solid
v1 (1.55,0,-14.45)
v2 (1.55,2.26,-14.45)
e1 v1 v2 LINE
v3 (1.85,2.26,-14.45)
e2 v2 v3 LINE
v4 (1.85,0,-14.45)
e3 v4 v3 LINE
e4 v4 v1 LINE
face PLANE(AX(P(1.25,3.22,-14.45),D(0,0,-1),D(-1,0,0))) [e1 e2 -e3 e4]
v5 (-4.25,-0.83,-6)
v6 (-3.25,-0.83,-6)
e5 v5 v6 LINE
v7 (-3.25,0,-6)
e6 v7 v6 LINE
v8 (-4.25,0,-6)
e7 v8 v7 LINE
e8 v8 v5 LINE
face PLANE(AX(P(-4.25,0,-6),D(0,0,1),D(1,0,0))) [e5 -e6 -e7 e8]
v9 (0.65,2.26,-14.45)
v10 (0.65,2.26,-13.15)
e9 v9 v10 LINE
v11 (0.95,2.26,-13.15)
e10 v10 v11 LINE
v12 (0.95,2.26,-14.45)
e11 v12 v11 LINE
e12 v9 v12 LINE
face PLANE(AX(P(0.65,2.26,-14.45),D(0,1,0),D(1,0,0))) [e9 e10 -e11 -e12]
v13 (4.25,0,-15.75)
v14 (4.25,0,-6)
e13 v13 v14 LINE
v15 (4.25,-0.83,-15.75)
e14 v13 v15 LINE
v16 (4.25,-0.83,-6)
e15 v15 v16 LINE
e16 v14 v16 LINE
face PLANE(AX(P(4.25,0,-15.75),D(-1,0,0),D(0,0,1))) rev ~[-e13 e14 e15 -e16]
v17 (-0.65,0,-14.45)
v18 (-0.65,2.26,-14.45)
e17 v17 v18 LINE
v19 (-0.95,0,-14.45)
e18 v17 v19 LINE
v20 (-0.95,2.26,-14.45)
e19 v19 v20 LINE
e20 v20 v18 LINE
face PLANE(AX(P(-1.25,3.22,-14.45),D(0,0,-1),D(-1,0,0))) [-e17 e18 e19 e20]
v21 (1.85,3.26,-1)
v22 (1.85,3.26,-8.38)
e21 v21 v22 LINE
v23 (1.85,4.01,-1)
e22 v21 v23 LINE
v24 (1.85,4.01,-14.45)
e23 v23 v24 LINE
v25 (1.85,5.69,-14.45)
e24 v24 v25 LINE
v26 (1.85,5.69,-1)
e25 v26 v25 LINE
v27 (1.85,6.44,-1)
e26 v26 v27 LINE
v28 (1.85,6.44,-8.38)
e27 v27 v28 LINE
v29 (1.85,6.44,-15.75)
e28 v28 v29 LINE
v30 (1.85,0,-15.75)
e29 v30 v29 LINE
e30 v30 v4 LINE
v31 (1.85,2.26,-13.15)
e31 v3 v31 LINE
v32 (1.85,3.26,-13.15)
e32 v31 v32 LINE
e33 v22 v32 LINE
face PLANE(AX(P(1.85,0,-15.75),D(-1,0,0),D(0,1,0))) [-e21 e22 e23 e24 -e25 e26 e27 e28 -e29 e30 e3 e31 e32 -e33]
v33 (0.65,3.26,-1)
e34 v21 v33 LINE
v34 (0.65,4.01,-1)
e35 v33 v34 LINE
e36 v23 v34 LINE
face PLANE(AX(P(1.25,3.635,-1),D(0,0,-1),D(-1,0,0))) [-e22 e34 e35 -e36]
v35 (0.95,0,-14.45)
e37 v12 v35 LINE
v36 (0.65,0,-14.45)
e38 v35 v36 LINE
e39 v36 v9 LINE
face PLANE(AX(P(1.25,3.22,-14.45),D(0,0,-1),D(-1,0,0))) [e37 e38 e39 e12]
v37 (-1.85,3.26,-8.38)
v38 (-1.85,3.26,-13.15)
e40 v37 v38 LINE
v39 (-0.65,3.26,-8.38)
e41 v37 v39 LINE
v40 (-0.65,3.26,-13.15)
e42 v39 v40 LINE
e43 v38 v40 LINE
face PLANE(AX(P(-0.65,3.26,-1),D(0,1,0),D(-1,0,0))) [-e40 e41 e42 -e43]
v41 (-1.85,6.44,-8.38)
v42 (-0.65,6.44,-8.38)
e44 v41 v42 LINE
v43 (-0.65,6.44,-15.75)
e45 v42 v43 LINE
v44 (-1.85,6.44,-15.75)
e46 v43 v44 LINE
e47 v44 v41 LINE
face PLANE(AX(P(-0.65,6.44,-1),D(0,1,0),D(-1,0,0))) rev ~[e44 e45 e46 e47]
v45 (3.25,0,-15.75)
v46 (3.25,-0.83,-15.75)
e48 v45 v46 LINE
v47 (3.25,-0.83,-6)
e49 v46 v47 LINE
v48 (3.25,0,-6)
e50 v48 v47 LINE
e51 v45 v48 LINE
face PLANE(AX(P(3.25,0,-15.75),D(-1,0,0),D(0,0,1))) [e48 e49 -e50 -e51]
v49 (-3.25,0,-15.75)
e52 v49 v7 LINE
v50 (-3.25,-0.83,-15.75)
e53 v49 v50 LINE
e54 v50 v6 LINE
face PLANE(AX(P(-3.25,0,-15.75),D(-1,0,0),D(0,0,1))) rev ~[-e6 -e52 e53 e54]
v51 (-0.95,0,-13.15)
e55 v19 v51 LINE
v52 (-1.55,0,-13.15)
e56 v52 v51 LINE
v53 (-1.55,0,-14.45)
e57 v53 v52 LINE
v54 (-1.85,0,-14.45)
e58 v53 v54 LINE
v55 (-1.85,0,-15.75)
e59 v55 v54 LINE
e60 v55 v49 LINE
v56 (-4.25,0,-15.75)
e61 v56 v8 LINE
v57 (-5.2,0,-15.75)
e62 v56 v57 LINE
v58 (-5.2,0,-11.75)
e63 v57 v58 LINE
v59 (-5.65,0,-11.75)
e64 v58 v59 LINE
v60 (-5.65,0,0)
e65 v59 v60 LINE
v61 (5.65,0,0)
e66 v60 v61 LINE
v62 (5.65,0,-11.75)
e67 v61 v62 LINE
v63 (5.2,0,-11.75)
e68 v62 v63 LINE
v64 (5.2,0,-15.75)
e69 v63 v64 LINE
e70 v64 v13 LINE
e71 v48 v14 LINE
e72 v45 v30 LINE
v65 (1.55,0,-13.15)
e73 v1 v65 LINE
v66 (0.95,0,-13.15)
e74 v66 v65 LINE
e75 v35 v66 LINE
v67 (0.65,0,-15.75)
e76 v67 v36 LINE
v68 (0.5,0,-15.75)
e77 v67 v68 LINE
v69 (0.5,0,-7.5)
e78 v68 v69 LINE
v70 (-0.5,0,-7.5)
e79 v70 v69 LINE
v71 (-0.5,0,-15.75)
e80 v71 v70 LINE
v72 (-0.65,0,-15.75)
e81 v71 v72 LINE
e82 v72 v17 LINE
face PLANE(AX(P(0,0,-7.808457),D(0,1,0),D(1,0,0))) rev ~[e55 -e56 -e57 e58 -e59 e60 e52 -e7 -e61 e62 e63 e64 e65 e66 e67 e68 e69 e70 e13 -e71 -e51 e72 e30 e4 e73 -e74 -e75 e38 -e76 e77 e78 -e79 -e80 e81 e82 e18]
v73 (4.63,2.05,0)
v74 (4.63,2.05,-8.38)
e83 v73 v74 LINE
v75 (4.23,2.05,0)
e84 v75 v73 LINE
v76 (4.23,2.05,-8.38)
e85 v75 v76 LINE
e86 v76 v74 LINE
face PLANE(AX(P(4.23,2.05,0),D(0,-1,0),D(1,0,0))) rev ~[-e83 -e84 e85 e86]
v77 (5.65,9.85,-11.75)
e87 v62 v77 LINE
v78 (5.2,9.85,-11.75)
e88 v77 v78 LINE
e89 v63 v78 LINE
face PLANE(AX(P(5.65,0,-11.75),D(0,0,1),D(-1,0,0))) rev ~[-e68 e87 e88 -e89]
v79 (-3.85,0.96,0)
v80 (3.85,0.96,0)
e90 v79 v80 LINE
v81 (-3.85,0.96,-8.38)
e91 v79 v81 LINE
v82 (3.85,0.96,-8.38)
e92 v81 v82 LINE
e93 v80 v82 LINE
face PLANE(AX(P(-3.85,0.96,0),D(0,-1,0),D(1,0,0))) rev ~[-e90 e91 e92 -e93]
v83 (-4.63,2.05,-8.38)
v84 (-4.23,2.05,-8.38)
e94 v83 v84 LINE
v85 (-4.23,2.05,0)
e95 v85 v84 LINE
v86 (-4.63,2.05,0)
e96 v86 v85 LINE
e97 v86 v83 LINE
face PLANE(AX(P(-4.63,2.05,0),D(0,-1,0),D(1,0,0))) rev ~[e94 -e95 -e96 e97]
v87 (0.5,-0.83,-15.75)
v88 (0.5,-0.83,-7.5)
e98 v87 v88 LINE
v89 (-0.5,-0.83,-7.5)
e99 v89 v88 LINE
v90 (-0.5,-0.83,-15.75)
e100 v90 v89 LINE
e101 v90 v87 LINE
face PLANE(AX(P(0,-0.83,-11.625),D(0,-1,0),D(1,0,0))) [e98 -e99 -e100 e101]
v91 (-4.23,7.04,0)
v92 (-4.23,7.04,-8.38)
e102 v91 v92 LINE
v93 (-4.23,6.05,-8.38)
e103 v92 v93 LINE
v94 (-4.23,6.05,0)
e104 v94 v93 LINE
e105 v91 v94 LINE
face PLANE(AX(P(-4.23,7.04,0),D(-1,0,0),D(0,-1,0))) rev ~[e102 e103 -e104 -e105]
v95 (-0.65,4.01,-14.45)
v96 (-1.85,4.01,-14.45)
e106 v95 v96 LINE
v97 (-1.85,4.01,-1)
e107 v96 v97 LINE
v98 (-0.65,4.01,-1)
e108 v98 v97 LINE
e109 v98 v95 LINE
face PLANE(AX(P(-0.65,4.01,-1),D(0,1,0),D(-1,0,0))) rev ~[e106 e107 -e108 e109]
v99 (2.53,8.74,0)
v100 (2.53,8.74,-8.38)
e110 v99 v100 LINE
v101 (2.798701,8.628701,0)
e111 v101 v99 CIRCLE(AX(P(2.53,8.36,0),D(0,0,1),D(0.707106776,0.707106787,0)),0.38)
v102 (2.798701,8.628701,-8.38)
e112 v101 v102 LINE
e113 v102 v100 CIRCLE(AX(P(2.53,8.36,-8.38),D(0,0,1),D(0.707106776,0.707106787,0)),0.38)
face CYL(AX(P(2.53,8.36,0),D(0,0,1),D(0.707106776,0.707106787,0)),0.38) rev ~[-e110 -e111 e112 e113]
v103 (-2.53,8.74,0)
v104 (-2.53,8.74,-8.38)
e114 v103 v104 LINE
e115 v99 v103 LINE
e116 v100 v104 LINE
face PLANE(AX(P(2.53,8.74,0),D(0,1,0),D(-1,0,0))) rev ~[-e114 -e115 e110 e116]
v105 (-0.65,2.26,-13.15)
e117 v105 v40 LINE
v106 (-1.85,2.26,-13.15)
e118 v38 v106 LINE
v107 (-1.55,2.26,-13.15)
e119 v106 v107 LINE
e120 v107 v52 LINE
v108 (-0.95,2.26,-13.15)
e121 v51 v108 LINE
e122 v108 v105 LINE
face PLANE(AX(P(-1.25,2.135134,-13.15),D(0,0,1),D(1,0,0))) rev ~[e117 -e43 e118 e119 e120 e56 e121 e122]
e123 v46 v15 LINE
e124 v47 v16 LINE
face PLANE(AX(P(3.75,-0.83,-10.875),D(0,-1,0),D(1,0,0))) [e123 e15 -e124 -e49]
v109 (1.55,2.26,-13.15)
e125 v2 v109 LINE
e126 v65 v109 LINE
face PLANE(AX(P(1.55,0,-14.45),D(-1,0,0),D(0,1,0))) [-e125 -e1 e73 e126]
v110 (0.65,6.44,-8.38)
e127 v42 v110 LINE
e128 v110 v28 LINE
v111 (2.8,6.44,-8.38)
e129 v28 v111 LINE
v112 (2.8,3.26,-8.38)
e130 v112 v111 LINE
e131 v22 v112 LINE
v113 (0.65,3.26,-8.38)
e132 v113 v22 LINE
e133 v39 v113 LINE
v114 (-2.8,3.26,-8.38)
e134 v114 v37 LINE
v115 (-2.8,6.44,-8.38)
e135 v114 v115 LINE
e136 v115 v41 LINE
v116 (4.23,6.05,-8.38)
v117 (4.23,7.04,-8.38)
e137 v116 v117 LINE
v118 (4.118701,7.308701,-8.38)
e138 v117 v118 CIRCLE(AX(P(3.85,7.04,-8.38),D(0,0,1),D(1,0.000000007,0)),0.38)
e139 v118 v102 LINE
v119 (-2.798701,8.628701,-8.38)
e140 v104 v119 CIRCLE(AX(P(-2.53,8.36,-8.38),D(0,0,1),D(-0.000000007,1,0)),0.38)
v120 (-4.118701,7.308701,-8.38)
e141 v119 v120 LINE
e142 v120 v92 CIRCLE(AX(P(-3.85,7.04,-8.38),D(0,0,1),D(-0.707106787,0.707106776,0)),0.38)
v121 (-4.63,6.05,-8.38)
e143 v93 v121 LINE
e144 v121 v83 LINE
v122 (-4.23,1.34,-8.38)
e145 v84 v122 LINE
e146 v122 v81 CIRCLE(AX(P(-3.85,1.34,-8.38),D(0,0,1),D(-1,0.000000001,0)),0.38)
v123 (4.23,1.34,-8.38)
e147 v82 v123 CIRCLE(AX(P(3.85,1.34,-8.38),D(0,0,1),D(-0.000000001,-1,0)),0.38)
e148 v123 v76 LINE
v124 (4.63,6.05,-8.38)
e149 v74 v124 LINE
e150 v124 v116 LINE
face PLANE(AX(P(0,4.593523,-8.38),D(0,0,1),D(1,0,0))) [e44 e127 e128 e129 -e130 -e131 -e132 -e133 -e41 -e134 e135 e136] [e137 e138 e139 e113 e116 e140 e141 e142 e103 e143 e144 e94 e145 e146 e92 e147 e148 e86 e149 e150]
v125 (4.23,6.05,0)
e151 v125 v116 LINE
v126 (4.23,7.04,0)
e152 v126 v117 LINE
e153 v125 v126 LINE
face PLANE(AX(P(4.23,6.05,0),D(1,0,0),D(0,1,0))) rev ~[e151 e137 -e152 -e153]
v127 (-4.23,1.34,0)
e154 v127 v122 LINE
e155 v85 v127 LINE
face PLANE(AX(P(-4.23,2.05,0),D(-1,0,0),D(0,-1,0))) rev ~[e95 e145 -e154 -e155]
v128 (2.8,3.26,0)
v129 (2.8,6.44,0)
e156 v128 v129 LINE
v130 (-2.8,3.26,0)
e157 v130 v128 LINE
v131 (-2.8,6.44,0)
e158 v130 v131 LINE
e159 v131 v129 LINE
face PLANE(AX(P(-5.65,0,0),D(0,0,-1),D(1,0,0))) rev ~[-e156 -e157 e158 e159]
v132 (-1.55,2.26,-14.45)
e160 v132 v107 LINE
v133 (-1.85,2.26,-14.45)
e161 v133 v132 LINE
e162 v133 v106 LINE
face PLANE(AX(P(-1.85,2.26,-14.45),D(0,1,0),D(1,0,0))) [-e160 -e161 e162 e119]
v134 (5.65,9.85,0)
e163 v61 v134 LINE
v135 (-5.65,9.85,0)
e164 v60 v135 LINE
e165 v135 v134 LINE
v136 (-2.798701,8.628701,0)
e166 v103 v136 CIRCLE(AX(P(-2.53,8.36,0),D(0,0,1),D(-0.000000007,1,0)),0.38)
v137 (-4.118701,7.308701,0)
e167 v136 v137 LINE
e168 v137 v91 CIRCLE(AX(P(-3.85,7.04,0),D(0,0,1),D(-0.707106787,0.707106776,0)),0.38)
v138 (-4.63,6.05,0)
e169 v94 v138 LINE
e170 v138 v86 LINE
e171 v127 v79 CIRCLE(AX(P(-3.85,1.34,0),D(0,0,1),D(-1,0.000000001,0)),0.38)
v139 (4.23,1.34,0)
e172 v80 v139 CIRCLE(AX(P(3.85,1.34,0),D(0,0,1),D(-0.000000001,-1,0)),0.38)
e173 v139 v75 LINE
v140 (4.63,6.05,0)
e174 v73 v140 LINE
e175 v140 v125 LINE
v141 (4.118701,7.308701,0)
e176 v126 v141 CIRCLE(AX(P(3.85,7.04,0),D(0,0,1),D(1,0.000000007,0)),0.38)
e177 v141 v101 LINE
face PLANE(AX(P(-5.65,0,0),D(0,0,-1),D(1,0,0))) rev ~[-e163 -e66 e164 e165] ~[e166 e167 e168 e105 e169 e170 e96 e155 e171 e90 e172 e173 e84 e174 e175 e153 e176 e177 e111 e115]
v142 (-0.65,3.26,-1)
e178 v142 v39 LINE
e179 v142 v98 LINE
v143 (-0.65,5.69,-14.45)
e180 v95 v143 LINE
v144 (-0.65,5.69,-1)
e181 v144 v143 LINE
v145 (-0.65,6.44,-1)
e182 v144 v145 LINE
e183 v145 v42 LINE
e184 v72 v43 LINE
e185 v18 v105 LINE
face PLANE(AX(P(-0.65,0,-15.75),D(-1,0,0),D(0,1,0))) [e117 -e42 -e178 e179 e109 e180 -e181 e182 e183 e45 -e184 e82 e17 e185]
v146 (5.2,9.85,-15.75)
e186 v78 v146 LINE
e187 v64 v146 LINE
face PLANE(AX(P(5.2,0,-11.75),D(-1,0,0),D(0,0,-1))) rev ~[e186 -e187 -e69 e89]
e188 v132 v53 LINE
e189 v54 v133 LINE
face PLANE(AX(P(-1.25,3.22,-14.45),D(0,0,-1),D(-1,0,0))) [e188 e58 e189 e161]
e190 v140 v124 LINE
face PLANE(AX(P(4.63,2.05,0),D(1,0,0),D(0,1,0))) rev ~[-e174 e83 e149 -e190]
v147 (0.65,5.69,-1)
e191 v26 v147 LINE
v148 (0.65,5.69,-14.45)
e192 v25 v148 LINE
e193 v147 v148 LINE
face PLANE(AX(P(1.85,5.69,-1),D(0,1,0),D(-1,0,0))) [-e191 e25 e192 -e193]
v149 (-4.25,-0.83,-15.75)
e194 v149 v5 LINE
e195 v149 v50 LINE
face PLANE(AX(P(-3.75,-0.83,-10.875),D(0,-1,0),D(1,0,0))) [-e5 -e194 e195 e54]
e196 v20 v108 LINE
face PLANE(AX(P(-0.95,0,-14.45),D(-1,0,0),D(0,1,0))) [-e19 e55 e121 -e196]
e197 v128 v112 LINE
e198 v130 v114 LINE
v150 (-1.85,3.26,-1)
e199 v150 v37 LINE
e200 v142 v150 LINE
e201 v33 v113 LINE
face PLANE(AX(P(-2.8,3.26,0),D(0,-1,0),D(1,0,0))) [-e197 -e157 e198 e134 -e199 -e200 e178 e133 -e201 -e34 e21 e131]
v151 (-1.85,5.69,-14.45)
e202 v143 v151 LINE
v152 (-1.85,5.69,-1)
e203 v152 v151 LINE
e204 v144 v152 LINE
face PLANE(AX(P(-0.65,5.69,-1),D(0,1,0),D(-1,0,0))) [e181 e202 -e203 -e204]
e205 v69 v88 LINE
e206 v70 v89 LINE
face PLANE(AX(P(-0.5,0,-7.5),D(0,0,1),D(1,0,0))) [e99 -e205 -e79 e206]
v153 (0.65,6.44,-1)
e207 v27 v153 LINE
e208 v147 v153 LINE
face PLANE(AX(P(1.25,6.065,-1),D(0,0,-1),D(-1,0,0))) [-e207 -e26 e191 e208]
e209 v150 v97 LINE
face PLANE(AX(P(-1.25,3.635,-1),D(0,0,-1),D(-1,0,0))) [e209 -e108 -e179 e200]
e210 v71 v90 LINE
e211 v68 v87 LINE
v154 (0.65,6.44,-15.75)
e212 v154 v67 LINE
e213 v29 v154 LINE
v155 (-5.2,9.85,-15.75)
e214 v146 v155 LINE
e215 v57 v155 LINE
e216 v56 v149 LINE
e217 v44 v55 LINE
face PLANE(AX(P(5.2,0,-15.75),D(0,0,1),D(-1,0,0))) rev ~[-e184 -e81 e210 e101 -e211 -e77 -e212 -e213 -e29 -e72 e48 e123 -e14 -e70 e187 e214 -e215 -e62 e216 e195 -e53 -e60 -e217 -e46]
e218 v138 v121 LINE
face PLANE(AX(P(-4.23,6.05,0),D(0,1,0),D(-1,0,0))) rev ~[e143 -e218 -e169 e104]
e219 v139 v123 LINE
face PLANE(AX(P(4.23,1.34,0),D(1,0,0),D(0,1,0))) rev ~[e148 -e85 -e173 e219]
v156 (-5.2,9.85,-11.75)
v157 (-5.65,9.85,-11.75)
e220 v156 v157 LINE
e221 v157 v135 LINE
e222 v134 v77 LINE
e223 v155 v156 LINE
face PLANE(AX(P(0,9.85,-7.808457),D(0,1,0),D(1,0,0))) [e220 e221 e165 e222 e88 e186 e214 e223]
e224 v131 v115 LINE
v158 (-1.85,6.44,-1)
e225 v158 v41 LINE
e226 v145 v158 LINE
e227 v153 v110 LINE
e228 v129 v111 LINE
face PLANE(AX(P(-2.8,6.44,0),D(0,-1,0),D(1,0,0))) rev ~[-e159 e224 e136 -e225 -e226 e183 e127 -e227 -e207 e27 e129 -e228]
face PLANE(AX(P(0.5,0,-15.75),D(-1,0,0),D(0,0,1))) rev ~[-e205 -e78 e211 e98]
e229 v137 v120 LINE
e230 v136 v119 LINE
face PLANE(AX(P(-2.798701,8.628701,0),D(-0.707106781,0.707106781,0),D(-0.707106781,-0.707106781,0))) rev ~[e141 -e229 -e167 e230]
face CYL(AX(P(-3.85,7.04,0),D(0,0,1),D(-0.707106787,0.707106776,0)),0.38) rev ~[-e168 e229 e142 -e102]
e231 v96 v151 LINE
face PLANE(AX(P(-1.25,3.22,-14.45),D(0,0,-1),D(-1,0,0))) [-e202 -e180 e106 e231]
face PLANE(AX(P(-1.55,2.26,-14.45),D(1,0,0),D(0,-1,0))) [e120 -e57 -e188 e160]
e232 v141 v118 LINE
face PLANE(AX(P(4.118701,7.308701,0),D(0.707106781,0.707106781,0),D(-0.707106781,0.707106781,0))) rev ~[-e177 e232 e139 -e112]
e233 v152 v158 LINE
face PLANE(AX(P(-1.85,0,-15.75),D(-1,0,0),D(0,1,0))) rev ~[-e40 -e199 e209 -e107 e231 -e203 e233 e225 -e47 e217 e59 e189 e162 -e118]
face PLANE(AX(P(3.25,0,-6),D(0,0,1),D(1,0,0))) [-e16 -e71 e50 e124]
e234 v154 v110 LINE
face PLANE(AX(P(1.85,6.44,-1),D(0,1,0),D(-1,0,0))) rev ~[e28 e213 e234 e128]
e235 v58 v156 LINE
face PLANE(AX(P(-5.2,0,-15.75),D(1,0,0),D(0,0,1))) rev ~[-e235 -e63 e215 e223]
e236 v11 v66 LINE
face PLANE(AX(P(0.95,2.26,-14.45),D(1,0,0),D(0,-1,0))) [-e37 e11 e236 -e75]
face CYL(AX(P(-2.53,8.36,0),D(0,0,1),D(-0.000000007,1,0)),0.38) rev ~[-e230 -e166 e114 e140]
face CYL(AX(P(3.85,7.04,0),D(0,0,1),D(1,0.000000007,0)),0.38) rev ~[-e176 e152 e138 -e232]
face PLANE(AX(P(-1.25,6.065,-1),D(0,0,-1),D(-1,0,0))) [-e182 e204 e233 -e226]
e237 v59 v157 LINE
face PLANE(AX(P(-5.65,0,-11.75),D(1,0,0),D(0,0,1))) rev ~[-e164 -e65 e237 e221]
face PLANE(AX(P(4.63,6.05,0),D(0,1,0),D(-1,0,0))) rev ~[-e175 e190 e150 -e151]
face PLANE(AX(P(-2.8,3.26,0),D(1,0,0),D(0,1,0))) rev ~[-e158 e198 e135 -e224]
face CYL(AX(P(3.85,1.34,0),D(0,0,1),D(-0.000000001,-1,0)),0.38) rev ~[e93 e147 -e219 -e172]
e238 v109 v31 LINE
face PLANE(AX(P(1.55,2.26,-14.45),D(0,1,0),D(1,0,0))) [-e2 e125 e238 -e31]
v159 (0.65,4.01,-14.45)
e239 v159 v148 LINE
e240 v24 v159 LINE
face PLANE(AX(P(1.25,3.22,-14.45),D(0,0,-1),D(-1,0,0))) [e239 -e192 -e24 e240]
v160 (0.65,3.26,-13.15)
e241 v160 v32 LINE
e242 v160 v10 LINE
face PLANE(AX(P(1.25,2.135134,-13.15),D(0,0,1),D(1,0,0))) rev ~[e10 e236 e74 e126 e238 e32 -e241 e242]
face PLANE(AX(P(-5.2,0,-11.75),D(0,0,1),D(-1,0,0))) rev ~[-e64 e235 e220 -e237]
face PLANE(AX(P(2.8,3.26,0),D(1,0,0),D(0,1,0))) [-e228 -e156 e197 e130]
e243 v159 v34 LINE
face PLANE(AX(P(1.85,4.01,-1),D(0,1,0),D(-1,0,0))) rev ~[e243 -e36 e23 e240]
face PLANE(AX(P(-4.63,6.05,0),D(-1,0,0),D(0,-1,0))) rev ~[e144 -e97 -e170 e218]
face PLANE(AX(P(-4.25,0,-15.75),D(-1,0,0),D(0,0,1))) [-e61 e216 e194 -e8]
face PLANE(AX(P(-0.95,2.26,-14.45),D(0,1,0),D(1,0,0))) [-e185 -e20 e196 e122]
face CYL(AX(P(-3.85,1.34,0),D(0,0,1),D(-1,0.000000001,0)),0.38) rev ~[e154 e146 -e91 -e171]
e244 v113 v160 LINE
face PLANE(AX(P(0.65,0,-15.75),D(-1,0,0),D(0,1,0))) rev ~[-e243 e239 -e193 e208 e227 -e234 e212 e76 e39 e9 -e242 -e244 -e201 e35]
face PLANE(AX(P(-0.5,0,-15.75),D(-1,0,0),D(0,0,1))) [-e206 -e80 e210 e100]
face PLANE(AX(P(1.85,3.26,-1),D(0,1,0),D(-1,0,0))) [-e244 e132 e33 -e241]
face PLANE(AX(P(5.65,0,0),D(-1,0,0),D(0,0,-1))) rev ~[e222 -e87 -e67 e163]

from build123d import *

# Parameters (mm, degrees)
BOSS_EXTRU_1_DEPTH      = 9.85
ESQUISSE3_W             = 5.6
ESQUISSE3_H             = 3.18
ENL_V_MAT_EXTRU_1_DEPTH = 8.38
ESQUISSE4_W             = 1
ESQUISSE4_H             = 8.25
ESQUISSE4_H_2           = 9.75
BOSS_EXTRU_2_DEPTH      = 0.83
ENL_V_START             = 1
ESQUISSE5_W             = 1.2
ESQUISSE5_H             = 0.75
ENL_V_MAT_EXTRU_2_DEPTH = 14.75
ESQUISSE6_W             = 1.2
ESQUISSE6_H             = 6.44
ENL_V_MAT_EXTRU_3_DEPTH = 1.3
ENL_V_MAT_EXTRU_7_DEPTH = 1.3


with BuildPart() as part:
    # Esquisse1 → Boss.-Extru.1 (new body)
    with BuildSketch(Plane(origin=(0, 0, 0), x_dir=(1, 0, 0), z_dir=(0, 1, 0))):
        Polygon((-5.65, 11.75), (-5.65, 0), (5.65, 0), (5.65, 11.75), (5.2, 11.75), (5.2, 15.75), (-5.2, 15.75), (-5.2, 11.75), align=None)
    extrude(amount=BOSS_EXTRU_1_DEPTH)

    # Esquisse3 → Enlèv. mat.-Extru.1 (cut)
    with BuildSketch(Plane.XY):
        with BuildLine():
            Line((-4.63, 2.05), (-4.23, 2.05))
            Line((-4.23, 2.05), (-4.23, 1.34))
            ThreePointArc((-4.23, 1.34), (-4.118700577, 1.071299423), (-3.85, 0.96))
            Line((-3.85, 0.96), (3.85, 0.96))
            ThreePointArc((3.85, 0.96), (4.118700577, 1.071299423), (4.23, 1.34))
            Line((4.23, 1.34), (4.23, 2.05))
            Line((4.23, 2.05), (4.63, 2.05))
            Line((4.63, 2.05), (4.63, 6.05))
            Line((4.63, 6.05), (4.23, 6.05))
            Line((4.23, 6.05), (4.23, 7.04))
            ThreePointArc((4.23, 7.04), (4.201074222, 7.185419704), (4.118700577, 7.308700577))
            Line((4.118700577, 7.308700577), (2.798700577, 8.628700577))
            ThreePointArc((2.798700577, 8.628700577), (2.675419704, 8.711074222), (2.53, 8.74))
            Line((2.53, 8.74), (-2.53, 8.74))
            ThreePointArc((-2.53, 8.74), (-2.675419704, 8.711074222), (-2.798700577, 8.628700577))
            Line((-2.798700577, 8.628700577), (-4.118700577, 7.308700577))
            ThreePointArc((-4.118700577, 7.308700577), (-4.201074222, 7.185419704), (-4.23, 7.04))
            Line((-4.23, 7.04), (-4.23, 6.05))
            Line((-4.23, 6.05), (-4.63, 6.05))
            Line((-4.63, 6.05), (-4.63, 2.05))
        make_face()
        with Locations((0, 4.85)):
            Rectangle(ESQUISSE3_W, ESQUISSE3_H, mode=Mode.SUBTRACT)
    extrude(amount=-ENL_V_MAT_EXTRU_1_DEPTH, mode=Mode.SUBTRACT)

    # Esquisse4 → Boss.-Extru.2 (add)
    with BuildSketch(Plane.XZ):
        with Locations((0, -11.625)):
            Rectangle(ESQUISSE4_W, ESQUISSE4_H)
        with Locations((-3.75, -10.875)):
            Rectangle(ESQUISSE4_W, ESQUISSE4_H_2)
        with Locations((3.75, -10.875)):
            Rectangle(ESQUISSE4_W, ESQUISSE4_H_2)
    extrude(amount=BOSS_EXTRU_2_DEPTH)

    # Esquisse5 → Enlèv. mat.-Extru.2 (cut)
    with BuildSketch(Plane(origin=(0, 0, 0), x_dir=(-1, 0, 0), z_dir=(0, 0, -1)).offset(ENL_V_START)):
        with Locations((1.25, 6.065)):
            Rectangle(ESQUISSE5_W, ESQUISSE5_H)
        with Locations((1.25, 3.635)):
            Rectangle(ESQUISSE5_W, ESQUISSE5_H)
        with Locations((-1.25, 3.635)):
            Rectangle(ESQUISSE5_W, ESQUISSE5_H)
        with Locations((-1.25, 6.065)):
            Rectangle(ESQUISSE5_W, ESQUISSE5_H)
    extrude(amount=ENL_V_MAT_EXTRU_2_DEPTH, mode=Mode.SUBTRACT)

    # Esquisse6 → Enlèv. mat.-Extru.3 (cut)
    with BuildSketch(Plane(origin=(0, 0, -15.75), x_dir=(-1, 0, 0), z_dir=(0, 0, -1))):
        with Locations((-1.25, 3.22)):
            Rectangle(ESQUISSE6_W, ESQUISSE6_H)
        with Locations((1.25, 3.22)):
            Rectangle(ESQUISSE6_W, ESQUISSE6_H)
    extrude(amount=-ENL_V_MAT_EXTRU_3_DEPTH, mode=Mode.SUBTRACT)

    # Esquisse7 → Enlèv. mat.-Extru.7 (cut)
    with BuildSketch(Plane(origin=(0, 0, -14.45), x_dir=(-1, 0, 0), z_dir=(0, 0, -1))):
        Polygon((-1.85, 4.01), (-0.65, 4.01), (-0.65, 2.26), (-0.95, 2.26), (-0.95, 0), (-1.55, 0), (-1.55, 2.26), (-1.85, 2.26), align=None)
        Polygon((0.65, 2.26), (0.65, 4.01), (1.85, 4.01), (1.85, 2.26), (1.55, 2.26), (1.55, 0), (0.95, 0), (0.95, 2.26), align=None)
    extrude(amount=-ENL_V_MAT_EXTRU_7_DEPTH, mode=Mode.SUBTRACT)


solid = part.part
